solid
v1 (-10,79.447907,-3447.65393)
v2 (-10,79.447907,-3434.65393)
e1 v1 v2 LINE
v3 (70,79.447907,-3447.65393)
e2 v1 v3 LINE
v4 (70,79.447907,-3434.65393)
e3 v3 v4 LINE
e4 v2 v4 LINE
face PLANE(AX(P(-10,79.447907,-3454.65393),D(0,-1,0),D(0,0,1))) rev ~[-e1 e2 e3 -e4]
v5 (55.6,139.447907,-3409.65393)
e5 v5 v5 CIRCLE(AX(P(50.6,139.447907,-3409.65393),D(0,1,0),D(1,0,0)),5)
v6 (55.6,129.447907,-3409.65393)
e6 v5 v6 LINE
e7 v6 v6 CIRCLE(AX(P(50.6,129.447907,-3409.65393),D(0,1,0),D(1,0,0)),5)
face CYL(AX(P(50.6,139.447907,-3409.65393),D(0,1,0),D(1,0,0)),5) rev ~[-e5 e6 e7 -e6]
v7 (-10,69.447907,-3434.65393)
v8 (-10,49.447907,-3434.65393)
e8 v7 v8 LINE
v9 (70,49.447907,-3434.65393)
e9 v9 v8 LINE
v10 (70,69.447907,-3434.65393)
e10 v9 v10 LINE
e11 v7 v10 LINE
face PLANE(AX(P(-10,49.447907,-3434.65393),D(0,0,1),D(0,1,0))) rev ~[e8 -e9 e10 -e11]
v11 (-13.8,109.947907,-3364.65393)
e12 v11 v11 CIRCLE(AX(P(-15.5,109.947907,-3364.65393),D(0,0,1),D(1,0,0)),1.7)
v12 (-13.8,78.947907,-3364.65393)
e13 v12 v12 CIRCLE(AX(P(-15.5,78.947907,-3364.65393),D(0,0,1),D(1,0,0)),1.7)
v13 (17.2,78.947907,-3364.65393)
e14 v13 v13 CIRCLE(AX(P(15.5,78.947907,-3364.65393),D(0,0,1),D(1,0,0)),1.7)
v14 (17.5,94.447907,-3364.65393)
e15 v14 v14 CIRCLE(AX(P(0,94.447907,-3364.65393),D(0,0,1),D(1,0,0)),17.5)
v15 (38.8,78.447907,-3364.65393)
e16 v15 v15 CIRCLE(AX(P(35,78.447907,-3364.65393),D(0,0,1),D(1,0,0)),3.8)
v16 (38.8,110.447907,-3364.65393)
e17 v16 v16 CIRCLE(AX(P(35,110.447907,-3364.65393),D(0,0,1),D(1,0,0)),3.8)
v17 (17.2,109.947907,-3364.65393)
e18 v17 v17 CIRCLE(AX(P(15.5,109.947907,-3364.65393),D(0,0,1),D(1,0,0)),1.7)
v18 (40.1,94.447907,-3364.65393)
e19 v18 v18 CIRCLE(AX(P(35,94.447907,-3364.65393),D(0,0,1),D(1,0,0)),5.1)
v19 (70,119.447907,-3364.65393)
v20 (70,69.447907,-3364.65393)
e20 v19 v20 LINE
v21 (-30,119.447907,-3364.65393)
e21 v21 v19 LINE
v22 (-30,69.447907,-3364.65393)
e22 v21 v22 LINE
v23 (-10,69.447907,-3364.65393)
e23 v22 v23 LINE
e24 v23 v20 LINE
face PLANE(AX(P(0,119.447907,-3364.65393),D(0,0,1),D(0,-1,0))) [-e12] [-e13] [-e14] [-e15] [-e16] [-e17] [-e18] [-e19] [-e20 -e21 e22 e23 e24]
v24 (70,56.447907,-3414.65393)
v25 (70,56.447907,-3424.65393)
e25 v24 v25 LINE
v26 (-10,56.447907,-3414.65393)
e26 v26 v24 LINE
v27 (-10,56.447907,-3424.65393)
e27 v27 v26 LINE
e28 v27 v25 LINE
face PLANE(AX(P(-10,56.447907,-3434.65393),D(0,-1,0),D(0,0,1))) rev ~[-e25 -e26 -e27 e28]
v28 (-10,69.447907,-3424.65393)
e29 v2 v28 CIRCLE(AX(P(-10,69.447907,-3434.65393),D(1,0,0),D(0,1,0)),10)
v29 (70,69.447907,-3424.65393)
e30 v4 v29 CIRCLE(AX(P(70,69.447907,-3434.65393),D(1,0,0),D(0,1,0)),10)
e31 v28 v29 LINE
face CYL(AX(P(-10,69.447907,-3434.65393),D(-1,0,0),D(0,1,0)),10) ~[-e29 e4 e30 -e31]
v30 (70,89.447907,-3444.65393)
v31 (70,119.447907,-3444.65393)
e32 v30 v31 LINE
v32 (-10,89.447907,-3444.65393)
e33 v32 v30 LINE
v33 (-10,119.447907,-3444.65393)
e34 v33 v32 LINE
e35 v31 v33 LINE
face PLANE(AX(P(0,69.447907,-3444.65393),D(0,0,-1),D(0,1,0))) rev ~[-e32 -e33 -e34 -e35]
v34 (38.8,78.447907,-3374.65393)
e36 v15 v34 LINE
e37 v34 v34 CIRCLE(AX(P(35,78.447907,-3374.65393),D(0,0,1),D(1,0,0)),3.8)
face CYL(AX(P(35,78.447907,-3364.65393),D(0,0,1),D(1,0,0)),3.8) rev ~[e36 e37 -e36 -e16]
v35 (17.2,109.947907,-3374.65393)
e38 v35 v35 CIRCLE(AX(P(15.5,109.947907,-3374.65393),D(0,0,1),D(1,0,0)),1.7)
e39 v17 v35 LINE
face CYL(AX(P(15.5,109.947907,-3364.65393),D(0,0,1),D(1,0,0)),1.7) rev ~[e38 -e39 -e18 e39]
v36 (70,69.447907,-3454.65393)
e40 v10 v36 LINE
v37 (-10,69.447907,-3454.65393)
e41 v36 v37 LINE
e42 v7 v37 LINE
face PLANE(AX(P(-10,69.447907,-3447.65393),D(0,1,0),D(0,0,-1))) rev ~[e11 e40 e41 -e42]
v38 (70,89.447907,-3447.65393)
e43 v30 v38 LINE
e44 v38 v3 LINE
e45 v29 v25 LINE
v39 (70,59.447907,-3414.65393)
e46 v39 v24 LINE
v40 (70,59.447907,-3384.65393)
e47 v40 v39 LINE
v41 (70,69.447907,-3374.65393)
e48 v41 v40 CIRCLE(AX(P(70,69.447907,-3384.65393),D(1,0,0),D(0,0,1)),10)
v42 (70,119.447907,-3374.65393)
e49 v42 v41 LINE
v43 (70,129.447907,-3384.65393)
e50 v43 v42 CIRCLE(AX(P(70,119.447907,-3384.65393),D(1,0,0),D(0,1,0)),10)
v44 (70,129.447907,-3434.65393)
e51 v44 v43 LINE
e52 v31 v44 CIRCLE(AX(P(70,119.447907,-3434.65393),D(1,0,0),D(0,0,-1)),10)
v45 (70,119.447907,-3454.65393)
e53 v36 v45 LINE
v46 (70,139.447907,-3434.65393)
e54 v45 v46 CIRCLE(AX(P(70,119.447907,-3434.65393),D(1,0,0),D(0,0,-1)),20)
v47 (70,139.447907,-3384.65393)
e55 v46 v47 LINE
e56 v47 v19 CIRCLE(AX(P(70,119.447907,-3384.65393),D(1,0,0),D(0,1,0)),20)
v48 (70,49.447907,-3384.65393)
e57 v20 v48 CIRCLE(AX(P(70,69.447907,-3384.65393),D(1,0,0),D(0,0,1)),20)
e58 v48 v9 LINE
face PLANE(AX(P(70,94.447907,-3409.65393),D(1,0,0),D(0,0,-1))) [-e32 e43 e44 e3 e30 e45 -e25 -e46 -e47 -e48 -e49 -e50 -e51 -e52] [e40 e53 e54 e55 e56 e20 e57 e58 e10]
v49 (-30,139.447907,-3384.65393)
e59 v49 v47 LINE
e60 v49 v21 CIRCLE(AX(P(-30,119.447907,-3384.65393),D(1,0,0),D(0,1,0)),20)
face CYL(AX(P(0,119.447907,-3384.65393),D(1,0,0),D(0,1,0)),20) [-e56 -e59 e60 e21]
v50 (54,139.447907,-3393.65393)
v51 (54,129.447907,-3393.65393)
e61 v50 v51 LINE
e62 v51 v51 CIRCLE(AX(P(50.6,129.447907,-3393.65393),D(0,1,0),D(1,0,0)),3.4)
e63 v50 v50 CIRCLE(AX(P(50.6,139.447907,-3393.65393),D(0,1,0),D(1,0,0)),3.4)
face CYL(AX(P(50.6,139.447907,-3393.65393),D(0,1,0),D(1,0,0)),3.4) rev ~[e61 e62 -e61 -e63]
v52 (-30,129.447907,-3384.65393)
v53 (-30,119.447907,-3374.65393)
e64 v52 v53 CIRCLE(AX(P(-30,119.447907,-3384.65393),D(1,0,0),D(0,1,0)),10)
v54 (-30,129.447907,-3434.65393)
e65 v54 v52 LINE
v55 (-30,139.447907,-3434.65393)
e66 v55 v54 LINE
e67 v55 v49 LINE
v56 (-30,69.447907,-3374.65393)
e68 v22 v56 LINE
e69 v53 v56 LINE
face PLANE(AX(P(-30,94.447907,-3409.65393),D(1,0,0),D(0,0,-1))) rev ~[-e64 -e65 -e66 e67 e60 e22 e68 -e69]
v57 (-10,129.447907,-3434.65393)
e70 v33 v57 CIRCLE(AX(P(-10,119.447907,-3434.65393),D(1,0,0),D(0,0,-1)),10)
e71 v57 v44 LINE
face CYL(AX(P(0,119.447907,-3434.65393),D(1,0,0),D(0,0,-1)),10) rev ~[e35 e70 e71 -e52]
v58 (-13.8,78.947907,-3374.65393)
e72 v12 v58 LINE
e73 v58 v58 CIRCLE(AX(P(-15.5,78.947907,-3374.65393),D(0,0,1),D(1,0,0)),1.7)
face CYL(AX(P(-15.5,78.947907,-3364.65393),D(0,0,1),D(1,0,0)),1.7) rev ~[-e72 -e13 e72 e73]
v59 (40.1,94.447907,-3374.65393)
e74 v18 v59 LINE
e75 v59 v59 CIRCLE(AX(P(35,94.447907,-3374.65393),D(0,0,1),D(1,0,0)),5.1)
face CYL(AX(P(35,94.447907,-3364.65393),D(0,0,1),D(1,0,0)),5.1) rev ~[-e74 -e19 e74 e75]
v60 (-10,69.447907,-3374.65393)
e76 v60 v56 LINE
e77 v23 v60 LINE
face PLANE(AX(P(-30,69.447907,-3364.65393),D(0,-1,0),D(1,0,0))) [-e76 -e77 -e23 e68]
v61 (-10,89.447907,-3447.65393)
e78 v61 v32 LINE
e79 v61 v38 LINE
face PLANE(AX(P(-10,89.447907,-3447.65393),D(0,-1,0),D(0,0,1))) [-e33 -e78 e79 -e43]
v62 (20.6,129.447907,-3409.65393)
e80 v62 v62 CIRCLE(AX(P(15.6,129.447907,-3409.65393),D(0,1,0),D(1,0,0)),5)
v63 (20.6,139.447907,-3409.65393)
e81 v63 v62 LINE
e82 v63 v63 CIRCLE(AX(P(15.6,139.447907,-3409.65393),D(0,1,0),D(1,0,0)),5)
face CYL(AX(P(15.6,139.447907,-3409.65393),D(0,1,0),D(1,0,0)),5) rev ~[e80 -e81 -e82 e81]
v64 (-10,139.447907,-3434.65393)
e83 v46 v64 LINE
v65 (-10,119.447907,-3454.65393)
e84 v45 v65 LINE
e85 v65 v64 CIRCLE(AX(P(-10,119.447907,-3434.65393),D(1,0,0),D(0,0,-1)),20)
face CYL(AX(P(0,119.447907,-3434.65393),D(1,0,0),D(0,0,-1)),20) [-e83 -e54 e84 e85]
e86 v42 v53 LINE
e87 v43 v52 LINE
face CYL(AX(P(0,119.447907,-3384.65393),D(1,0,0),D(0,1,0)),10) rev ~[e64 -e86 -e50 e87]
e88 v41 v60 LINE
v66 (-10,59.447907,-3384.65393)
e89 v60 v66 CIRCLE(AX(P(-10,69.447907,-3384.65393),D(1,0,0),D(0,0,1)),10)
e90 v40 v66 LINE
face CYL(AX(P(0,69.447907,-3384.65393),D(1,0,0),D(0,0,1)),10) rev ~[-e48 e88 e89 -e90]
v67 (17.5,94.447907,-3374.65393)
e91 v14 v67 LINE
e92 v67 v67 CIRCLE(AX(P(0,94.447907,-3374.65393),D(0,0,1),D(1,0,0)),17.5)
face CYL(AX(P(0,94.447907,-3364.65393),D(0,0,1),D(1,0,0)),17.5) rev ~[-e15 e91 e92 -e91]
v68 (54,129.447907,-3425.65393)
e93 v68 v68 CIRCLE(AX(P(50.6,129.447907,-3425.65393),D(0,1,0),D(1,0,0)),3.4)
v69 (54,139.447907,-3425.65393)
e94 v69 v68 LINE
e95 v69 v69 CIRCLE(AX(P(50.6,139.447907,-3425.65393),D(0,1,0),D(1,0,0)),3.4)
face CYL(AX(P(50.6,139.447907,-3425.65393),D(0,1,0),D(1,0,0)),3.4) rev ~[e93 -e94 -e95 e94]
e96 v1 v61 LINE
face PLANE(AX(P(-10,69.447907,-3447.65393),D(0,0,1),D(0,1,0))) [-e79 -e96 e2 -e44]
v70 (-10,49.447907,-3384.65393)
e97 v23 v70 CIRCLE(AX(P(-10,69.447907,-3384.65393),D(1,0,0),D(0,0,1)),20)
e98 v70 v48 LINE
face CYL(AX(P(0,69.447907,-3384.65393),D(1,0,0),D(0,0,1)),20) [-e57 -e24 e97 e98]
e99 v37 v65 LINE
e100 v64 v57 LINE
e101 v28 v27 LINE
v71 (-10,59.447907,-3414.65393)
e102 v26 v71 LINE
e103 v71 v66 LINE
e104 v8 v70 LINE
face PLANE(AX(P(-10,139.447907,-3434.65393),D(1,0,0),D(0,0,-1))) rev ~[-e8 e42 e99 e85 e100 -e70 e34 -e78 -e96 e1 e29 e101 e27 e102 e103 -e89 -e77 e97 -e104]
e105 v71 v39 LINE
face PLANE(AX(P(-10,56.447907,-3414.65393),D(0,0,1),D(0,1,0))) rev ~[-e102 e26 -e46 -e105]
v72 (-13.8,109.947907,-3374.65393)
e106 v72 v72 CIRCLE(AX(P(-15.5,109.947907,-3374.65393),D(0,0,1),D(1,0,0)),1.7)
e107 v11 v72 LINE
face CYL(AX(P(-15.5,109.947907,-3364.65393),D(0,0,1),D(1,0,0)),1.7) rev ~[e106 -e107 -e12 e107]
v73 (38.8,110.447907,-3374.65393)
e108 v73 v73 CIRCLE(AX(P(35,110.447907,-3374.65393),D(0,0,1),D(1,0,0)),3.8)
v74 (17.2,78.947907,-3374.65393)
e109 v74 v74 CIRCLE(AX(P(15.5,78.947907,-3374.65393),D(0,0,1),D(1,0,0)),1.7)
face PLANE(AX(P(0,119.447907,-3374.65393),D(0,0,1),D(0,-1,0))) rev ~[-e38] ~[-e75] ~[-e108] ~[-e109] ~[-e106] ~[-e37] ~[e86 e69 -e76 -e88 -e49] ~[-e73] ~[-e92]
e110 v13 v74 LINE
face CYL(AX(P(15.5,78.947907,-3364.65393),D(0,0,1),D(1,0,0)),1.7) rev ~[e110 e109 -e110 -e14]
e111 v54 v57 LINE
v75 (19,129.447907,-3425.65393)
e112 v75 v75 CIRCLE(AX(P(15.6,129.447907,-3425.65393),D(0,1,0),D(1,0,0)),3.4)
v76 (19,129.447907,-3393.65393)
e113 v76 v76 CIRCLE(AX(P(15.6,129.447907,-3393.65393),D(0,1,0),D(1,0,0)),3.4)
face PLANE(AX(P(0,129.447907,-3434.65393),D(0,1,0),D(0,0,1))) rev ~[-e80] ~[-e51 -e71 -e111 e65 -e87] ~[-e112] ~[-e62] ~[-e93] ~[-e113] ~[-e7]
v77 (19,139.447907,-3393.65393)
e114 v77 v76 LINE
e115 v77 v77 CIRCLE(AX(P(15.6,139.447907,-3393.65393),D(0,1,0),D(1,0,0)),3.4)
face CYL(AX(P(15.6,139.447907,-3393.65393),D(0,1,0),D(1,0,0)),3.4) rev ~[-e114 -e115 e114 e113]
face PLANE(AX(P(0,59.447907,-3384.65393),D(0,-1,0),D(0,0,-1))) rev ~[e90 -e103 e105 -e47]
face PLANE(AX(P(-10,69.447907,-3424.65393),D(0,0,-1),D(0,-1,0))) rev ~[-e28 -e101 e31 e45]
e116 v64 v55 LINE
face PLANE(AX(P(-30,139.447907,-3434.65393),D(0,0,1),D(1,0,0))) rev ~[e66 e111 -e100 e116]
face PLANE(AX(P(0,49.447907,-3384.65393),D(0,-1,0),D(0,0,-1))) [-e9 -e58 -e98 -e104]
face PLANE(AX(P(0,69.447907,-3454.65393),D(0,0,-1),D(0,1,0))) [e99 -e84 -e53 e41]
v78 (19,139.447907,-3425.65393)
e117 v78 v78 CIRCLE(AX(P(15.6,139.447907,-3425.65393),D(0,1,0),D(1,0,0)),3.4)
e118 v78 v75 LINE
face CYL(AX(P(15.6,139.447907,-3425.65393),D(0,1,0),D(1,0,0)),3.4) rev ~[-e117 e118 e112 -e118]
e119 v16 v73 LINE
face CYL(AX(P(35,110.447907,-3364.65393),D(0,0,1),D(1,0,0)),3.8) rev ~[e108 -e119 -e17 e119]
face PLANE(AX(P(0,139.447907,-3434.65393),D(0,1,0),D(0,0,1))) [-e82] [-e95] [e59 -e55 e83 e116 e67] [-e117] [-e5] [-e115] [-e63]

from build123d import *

# Parameters (mm, degrees)
BOSS_EXTRUDE1_DEPTH      = 70
BOSS_EXTRUDE1_DEPTH_BACK = 30
CUT_EXTRUDE1_REACH       = 92
SKETCH3_R                = 1.7
SKETCH3_R_2              = 17.5
SKETCH3_R_3              = 5.1
SKETCH3_R_4              = 3.8
CUT_EXTRUDE2_REACH       = 92
SKETCH4_R                = 5
SKETCH4_R_2              = 3.4
SKETCH5_W                = 20
SKETCH5_H                = 20
CUT_EXTRUDE3_DEPTH       = 1
CUT_EXTRUDE3_DEPTH_BACK  = 91
SKETCH6_W                = 20
SKETCH6_H                = 20
CUT_EXTRUDE4_DEPTH       = 91
SKETCH7_W                = 3
SKETCH7_H                = 20
SKETCH7_W_2              = 20
SKETCH7_H_2              = 3
CUT_EXTRUDE5_DEPTH       = 81
BOSS_EXTRUDE2_DEPTH      = 80


with BuildPart() as part:
    # Sketch2 → Boss-Extrude1 (new body, two sides)
    with BuildSketch(Plane(origin=(0, 0, 0), x_dir=(0, 0, -1), z_dir=(1, 0, 0))) as boss_extrude1_sk:
        with BuildLine():
            Line((3434.65392981, 139.447907294), (3384.65392981, 139.447907294))
            ThreePointArc((3384.65392981, 139.447907294), (3370.511794186, 133.590042917), (3364.65392981, 119.447907294))
            Line((3364.65392981, 119.447907294), (3364.65392981, 69.447907294))
            ThreePointArc((3364.65392981, 69.447907294), (3370.511794186, 55.30577167), (3384.65392981, 49.447907294))
            Line((3384.65392981, 49.447907294), (3434.65392981, 49.447907294))
            ThreePointArc((3434.65392981, 49.447907294), (3448.796065434, 55.30577167), (3454.65392981, 69.447907294))
            Line((3454.65392981, 69.447907294), (3454.65392981, 119.447907294))
            ThreePointArc((3454.65392981, 119.447907294), (3448.796065434, 133.590042917), (3434.65392981, 139.447907294))
        make_face()
        with BuildLine():
            Line((3434.65392981, 129.447907294), (3384.65392981, 129.447907294))
            ThreePointArc((3384.65392981, 129.447907294), (3377.582861998, 126.518975106), (3374.65392981, 119.447907294))
            Line((3374.65392981, 119.447907294), (3374.65392981, 69.447907294))
            ThreePointArc((3374.65392981, 69.447907294), (3377.582861998, 62.376839482), (3384.65392981, 59.447907294))
            Line((3384.65392981, 59.447907294), (3434.65392981, 59.447907294))
            ThreePointArc((3434.65392981, 59.447907294), (3441.724997622, 62.376839482), (3444.65392981, 69.447907294))
            Line((3444.65392981, 69.447907294), (3444.65392981, 119.447907294))
            ThreePointArc((3444.65392981, 119.447907294), (3441.724997622, 126.518975106), (3434.65392981, 129.447907294))
        make_face(mode=Mode.SUBTRACT)
    extrude(amount=BOSS_EXTRUDE1_DEPTH)
    extrude(boss_extrude1_sk.sketch, amount=-BOSS_EXTRUDE1_DEPTH_BACK)

    # Sketch3 → Cut-Extrude1 (cut, up to next)
    with BuildSketch(Plane.XY.offset(-3364.65392981), mode=Mode.PRIVATE) as cut_extrude1_sk1:
        with Locations((15.499999999, 78.947907294)):
            Circle(SKETCH3_R)
    cut_extrude1_tool1 = extrude(cut_extrude1_sk1.sketch, amount=-CUT_EXTRUDE1_REACH, mode=Mode.PRIVATE) & part.part
    add(cut_extrude1_tool1.solids().sort_by_distance((15.5, 78.947907, -3364.65393))[0], mode=Mode.SUBTRACT)
    # Sketch3 → Cut-Extrude1 (cut, up to next)
    with BuildSketch(Plane.XY.offset(-3364.65392981), mode=Mode.PRIVATE) as cut_extrude1_sk2:
        with Locations((15.499999999, 109.947907294)):
            Circle(SKETCH3_R)
    cut_extrude1_tool2 = extrude(cut_extrude1_sk2.sketch, amount=-CUT_EXTRUDE1_REACH, mode=Mode.PRIVATE) & part.part
    add(cut_extrude1_tool2.solids().sort_by_distance((15.5, 109.947907, -3364.65393))[0], mode=Mode.SUBTRACT)
    # Sketch3 → Cut-Extrude1 (cut, up to next)
    with BuildSketch(Plane.XY.offset(-3364.65392981), mode=Mode.PRIVATE) as cut_extrude1_sk3:
        with Locations((-15.500000001, 109.947907294)):
            Circle(SKETCH3_R)
    cut_extrude1_tool3 = extrude(cut_extrude1_sk3.sketch, amount=-CUT_EXTRUDE1_REACH, mode=Mode.PRIVATE) & part.part
    add(cut_extrude1_tool3.solids().sort_by_distance((-15.5, 109.947907, -3364.65393))[0], mode=Mode.SUBTRACT)
    # Sketch3 → Cut-Extrude1 (cut, up to next)
    with BuildSketch(Plane.XY.offset(-3364.65392981), mode=Mode.PRIVATE) as cut_extrude1_sk4:
        with Locations((-15.500000001, 78.947907294)):
            Circle(SKETCH3_R)
    cut_extrude1_tool4 = extrude(cut_extrude1_sk4.sketch, amount=-CUT_EXTRUDE1_REACH, mode=Mode.PRIVATE) & part.part
    add(cut_extrude1_tool4.solids().sort_by_distance((-15.5, 78.947907, -3364.65393))[0], mode=Mode.SUBTRACT)
    # Sketch3 → Cut-Extrude1 (cut, up to next)
    with BuildSketch(Plane.XY.offset(-3364.65392981), mode=Mode.PRIVATE) as cut_extrude1_sk5:
        with Locations((0, 94.447907293)):
            Circle(SKETCH3_R_2)
    cut_extrude1_tool5 = extrude(cut_extrude1_sk5.sketch, amount=-CUT_EXTRUDE1_REACH, mode=Mode.PRIVATE) & part.part
    add(cut_extrude1_tool5.solids().sort_by_distance((0, 94.447907, -3364.65393))[0], mode=Mode.SUBTRACT)
    # Sketch3 → Cut-Extrude1 (cut, up to next)
    with BuildSketch(Plane.XY.offset(-3364.65392981), mode=Mode.PRIVATE) as cut_extrude1_sk6:
        with Locations((34.999999999, 94.447907294)):
            Circle(SKETCH3_R_3)
    cut_extrude1_tool6 = extrude(cut_extrude1_sk6.sketch, amount=-CUT_EXTRUDE1_REACH, mode=Mode.PRIVATE) & part.part
    add(cut_extrude1_tool6.solids().sort_by_distance((35, 94.447907, -3364.65393))[0], mode=Mode.SUBTRACT)
    # Sketch3 → Cut-Extrude1 (cut, up to next)
    with BuildSketch(Plane.XY.offset(-3364.65392981), mode=Mode.PRIVATE) as cut_extrude1_sk7:
        with Locations((35, 78.447907293)):
            Circle(SKETCH3_R_4)
    cut_extrude1_tool7 = extrude(cut_extrude1_sk7.sketch, amount=-CUT_EXTRUDE1_REACH, mode=Mode.PRIVATE) & part.part
    add(cut_extrude1_tool7.solids().sort_by_distance((35, 78.447907, -3364.65393))[0], mode=Mode.SUBTRACT)
    # Sketch3 → Cut-Extrude1 (cut, up to next)
    with BuildSketch(Plane.XY.offset(-3364.65392981), mode=Mode.PRIVATE) as cut_extrude1_sk8:
        with Locations((35, 110.447907293)):
            Circle(SKETCH3_R_4)
    cut_extrude1_tool8 = extrude(cut_extrude1_sk8.sketch, amount=-CUT_EXTRUDE1_REACH, mode=Mode.PRIVATE) & part.part
    add(cut_extrude1_tool8.solids().sort_by_distance((35, 110.447907, -3364.65393))[0], mode=Mode.SUBTRACT)

    # Sketch4 → Cut-Extrude2 (cut, up to next)
    with BuildSketch(Plane(origin=(0, 139.447907294, 0), x_dir=(1, 0, 0), z_dir=(0, 1, 0)), mode=Mode.PRIVATE) as cut_extrude2_sk1:
        with Locations((15.6, 3409.65392981)):
            Circle(SKETCH4_R)
    cut_extrude2_tool1 = extrude(cut_extrude2_sk1.sketch, amount=-CUT_EXTRUDE2_REACH, mode=Mode.PRIVATE) & part.part
    add(cut_extrude2_tool1.solids().sort_by_distance((15.6, 139.447907, -3409.65393))[0], mode=Mode.SUBTRACT)
    # Sketch4 → Cut-Extrude2 (cut, up to next)
    with BuildSketch(Plane(origin=(0, 139.447907294, 0), x_dir=(1, 0, 0), z_dir=(0, 1, 0)), mode=Mode.PRIVATE) as cut_extrude2_sk2:
        with Locations((50.6, 3409.65392981)):
            Circle(SKETCH4_R)
    cut_extrude2_tool2 = extrude(cut_extrude2_sk2.sketch, amount=-CUT_EXTRUDE2_REACH, mode=Mode.PRIVATE) & part.part
    add(cut_extrude2_tool2.solids().sort_by_distance((50.6, 139.447907, -3409.65393))[0], mode=Mode.SUBTRACT)
    # Sketch4 → Cut-Extrude2 (cut, up to next)
    with BuildSketch(Plane(origin=(0, 139.447907294, 0), x_dir=(1, 0, 0), z_dir=(0, 1, 0)), mode=Mode.PRIVATE) as cut_extrude2_sk3:
        with Locations((50.6, 3425.65392981)):
            Circle(SKETCH4_R_2)
    cut_extrude2_tool3 = extrude(cut_extrude2_sk3.sketch, amount=-CUT_EXTRUDE2_REACH, mode=Mode.PRIVATE) & part.part
    add(cut_extrude2_tool3.solids().sort_by_distance((50.6, 139.447907, -3425.65393))[0], mode=Mode.SUBTRACT)
    # Sketch4 → Cut-Extrude2 (cut, up to next)
    with BuildSketch(Plane(origin=(0, 139.447907294, 0), x_dir=(1, 0, 0), z_dir=(0, 1, 0)), mode=Mode.PRIVATE) as cut_extrude2_sk4:
        with Locations((50.6, 3393.65392981)):
            Circle(SKETCH4_R_2)
    cut_extrude2_tool4 = extrude(cut_extrude2_sk4.sketch, amount=-CUT_EXTRUDE2_REACH, mode=Mode.PRIVATE) & part.part
    add(cut_extrude2_tool4.solids().sort_by_distance((50.6, 139.447907, -3393.65393))[0], mode=Mode.SUBTRACT)
    # Sketch4 → Cut-Extrude2 (cut, up to next)
    with BuildSketch(Plane(origin=(0, 139.447907294, 0), x_dir=(1, 0, 0), z_dir=(0, 1, 0)), mode=Mode.PRIVATE) as cut_extrude2_sk5:
        with Locations((15.6, 3425.65392981)):
            Circle(SKETCH4_R_2)
    cut_extrude2_tool5 = extrude(cut_extrude2_sk5.sketch, amount=-CUT_EXTRUDE2_REACH, mode=Mode.PRIVATE) & part.part
    add(cut_extrude2_tool5.solids().sort_by_distance((15.6, 139.447907, -3425.65393))[0], mode=Mode.SUBTRACT)
    # Sketch4 → Cut-Extrude2 (cut, up to next)
    with BuildSketch(Plane(origin=(0, 139.447907294, 0), x_dir=(1, 0, 0), z_dir=(0, 1, 0)), mode=Mode.PRIVATE) as cut_extrude2_sk6:
        with Locations((15.6, 3393.65392981)):
            Circle(SKETCH4_R_2)
    cut_extrude2_tool6 = extrude(cut_extrude2_sk6.sketch, amount=-CUT_EXTRUDE2_REACH, mode=Mode.PRIVATE) & part.part
    add(cut_extrude2_tool6.solids().sort_by_distance((15.6, 139.447907, -3393.65393))[0], mode=Mode.SUBTRACT)

    # Sketch5 → Cut-Extrude3 (cut, two sides)
    with BuildSketch(Plane.XY.offset(-3364.65392981)) as cut_extrude3_sk:
        with Locations((-20, 59.447907294)):
            Rectangle(SKETCH5_W, SKETCH5_H)
    extrude(amount=CUT_EXTRUDE3_DEPTH, mode=Mode.SUBTRACT)
    extrude(cut_extrude3_sk.sketch, amount=-CUT_EXTRUDE3_DEPTH_BACK, mode=Mode.SUBTRACT)

    # Sketch6 → Cut-Extrude4 (cut, through all)
    with BuildSketch(Plane(origin=(0, 139.447907294, 0), x_dir=(1, 0, 0), z_dir=(0, 1, 0))):
        with Locations((-20, 3444.65392981)):
            Rectangle(SKETCH6_W, SKETCH6_H)
    extrude(amount=-CUT_EXTRUDE4_DEPTH, mode=Mode.SUBTRACT)

    # Sketch7 → Cut-Extrude5 (cut, through all)
    with BuildSketch(Plane.ZY.offset(10)):
        with BuildLine():
            Line((-3447.65392981, 69.447907294), (-3454.65392981, 69.447907294))
            ThreePointArc((-3454.65392981, 69.447907294), (-3448.796065434, 55.30577167), (-3434.65392981, 49.447907294))
            Line((-3434.65392981, 49.447907294), (-3434.65392981, 56.447907294))
            Line((-3434.65392981, 56.447907294), (-3434.65392981, 59.447907294))
            ThreePointArc((-3434.65392981, 59.447907294), (-3441.724997622, 62.376839482), (-3444.65392981, 69.447907294))
            Line((-3444.65392981, 69.447907294), (-3447.65392981, 69.447907294))
        make_face()
        with Locations((-3446.15392981, 79.447907294)):
            Rectangle(SKETCH7_W, SKETCH7_H)
        with Locations((-3424.65392981, 57.947907294)):
            Rectangle(SKETCH7_W_2, SKETCH7_H_2)
    extrude(amount=-CUT_EXTRUDE5_DEPTH, mode=Mode.SUBTRACT)

    # Sketch8 → Boss-Extrude2 (add)
    with BuildSketch(Plane.ZY.offset(10)):
        with BuildLine():
            Line((-3454.65392981, 79.447907294), (-3434.65392981, 79.447907294))
            ThreePointArc((-3434.65392981, 79.447907294), (-3427.582861998, 76.518975106), (-3424.65392981, 69.447907294))
            Line((-3424.65392981, 69.447907294), (-3424.65392981, 49.447907294))
            Line((-3424.65392981, 49.447907294), (-3434.65392981, 49.447907294))
            Line((-3434.65392981, 49.447907294), (-3434.65392981, 69.447907294))
            Line((-3434.65392981, 69.447907294), (-3454.65392981, 69.447907294))
            Line((-3454.65392981, 69.447907294), (-3454.65392981, 79.447907294))
        make_face()
    extrude(amount=-BOSS_EXTRUDE2_DEPTH)


solid = part.part
